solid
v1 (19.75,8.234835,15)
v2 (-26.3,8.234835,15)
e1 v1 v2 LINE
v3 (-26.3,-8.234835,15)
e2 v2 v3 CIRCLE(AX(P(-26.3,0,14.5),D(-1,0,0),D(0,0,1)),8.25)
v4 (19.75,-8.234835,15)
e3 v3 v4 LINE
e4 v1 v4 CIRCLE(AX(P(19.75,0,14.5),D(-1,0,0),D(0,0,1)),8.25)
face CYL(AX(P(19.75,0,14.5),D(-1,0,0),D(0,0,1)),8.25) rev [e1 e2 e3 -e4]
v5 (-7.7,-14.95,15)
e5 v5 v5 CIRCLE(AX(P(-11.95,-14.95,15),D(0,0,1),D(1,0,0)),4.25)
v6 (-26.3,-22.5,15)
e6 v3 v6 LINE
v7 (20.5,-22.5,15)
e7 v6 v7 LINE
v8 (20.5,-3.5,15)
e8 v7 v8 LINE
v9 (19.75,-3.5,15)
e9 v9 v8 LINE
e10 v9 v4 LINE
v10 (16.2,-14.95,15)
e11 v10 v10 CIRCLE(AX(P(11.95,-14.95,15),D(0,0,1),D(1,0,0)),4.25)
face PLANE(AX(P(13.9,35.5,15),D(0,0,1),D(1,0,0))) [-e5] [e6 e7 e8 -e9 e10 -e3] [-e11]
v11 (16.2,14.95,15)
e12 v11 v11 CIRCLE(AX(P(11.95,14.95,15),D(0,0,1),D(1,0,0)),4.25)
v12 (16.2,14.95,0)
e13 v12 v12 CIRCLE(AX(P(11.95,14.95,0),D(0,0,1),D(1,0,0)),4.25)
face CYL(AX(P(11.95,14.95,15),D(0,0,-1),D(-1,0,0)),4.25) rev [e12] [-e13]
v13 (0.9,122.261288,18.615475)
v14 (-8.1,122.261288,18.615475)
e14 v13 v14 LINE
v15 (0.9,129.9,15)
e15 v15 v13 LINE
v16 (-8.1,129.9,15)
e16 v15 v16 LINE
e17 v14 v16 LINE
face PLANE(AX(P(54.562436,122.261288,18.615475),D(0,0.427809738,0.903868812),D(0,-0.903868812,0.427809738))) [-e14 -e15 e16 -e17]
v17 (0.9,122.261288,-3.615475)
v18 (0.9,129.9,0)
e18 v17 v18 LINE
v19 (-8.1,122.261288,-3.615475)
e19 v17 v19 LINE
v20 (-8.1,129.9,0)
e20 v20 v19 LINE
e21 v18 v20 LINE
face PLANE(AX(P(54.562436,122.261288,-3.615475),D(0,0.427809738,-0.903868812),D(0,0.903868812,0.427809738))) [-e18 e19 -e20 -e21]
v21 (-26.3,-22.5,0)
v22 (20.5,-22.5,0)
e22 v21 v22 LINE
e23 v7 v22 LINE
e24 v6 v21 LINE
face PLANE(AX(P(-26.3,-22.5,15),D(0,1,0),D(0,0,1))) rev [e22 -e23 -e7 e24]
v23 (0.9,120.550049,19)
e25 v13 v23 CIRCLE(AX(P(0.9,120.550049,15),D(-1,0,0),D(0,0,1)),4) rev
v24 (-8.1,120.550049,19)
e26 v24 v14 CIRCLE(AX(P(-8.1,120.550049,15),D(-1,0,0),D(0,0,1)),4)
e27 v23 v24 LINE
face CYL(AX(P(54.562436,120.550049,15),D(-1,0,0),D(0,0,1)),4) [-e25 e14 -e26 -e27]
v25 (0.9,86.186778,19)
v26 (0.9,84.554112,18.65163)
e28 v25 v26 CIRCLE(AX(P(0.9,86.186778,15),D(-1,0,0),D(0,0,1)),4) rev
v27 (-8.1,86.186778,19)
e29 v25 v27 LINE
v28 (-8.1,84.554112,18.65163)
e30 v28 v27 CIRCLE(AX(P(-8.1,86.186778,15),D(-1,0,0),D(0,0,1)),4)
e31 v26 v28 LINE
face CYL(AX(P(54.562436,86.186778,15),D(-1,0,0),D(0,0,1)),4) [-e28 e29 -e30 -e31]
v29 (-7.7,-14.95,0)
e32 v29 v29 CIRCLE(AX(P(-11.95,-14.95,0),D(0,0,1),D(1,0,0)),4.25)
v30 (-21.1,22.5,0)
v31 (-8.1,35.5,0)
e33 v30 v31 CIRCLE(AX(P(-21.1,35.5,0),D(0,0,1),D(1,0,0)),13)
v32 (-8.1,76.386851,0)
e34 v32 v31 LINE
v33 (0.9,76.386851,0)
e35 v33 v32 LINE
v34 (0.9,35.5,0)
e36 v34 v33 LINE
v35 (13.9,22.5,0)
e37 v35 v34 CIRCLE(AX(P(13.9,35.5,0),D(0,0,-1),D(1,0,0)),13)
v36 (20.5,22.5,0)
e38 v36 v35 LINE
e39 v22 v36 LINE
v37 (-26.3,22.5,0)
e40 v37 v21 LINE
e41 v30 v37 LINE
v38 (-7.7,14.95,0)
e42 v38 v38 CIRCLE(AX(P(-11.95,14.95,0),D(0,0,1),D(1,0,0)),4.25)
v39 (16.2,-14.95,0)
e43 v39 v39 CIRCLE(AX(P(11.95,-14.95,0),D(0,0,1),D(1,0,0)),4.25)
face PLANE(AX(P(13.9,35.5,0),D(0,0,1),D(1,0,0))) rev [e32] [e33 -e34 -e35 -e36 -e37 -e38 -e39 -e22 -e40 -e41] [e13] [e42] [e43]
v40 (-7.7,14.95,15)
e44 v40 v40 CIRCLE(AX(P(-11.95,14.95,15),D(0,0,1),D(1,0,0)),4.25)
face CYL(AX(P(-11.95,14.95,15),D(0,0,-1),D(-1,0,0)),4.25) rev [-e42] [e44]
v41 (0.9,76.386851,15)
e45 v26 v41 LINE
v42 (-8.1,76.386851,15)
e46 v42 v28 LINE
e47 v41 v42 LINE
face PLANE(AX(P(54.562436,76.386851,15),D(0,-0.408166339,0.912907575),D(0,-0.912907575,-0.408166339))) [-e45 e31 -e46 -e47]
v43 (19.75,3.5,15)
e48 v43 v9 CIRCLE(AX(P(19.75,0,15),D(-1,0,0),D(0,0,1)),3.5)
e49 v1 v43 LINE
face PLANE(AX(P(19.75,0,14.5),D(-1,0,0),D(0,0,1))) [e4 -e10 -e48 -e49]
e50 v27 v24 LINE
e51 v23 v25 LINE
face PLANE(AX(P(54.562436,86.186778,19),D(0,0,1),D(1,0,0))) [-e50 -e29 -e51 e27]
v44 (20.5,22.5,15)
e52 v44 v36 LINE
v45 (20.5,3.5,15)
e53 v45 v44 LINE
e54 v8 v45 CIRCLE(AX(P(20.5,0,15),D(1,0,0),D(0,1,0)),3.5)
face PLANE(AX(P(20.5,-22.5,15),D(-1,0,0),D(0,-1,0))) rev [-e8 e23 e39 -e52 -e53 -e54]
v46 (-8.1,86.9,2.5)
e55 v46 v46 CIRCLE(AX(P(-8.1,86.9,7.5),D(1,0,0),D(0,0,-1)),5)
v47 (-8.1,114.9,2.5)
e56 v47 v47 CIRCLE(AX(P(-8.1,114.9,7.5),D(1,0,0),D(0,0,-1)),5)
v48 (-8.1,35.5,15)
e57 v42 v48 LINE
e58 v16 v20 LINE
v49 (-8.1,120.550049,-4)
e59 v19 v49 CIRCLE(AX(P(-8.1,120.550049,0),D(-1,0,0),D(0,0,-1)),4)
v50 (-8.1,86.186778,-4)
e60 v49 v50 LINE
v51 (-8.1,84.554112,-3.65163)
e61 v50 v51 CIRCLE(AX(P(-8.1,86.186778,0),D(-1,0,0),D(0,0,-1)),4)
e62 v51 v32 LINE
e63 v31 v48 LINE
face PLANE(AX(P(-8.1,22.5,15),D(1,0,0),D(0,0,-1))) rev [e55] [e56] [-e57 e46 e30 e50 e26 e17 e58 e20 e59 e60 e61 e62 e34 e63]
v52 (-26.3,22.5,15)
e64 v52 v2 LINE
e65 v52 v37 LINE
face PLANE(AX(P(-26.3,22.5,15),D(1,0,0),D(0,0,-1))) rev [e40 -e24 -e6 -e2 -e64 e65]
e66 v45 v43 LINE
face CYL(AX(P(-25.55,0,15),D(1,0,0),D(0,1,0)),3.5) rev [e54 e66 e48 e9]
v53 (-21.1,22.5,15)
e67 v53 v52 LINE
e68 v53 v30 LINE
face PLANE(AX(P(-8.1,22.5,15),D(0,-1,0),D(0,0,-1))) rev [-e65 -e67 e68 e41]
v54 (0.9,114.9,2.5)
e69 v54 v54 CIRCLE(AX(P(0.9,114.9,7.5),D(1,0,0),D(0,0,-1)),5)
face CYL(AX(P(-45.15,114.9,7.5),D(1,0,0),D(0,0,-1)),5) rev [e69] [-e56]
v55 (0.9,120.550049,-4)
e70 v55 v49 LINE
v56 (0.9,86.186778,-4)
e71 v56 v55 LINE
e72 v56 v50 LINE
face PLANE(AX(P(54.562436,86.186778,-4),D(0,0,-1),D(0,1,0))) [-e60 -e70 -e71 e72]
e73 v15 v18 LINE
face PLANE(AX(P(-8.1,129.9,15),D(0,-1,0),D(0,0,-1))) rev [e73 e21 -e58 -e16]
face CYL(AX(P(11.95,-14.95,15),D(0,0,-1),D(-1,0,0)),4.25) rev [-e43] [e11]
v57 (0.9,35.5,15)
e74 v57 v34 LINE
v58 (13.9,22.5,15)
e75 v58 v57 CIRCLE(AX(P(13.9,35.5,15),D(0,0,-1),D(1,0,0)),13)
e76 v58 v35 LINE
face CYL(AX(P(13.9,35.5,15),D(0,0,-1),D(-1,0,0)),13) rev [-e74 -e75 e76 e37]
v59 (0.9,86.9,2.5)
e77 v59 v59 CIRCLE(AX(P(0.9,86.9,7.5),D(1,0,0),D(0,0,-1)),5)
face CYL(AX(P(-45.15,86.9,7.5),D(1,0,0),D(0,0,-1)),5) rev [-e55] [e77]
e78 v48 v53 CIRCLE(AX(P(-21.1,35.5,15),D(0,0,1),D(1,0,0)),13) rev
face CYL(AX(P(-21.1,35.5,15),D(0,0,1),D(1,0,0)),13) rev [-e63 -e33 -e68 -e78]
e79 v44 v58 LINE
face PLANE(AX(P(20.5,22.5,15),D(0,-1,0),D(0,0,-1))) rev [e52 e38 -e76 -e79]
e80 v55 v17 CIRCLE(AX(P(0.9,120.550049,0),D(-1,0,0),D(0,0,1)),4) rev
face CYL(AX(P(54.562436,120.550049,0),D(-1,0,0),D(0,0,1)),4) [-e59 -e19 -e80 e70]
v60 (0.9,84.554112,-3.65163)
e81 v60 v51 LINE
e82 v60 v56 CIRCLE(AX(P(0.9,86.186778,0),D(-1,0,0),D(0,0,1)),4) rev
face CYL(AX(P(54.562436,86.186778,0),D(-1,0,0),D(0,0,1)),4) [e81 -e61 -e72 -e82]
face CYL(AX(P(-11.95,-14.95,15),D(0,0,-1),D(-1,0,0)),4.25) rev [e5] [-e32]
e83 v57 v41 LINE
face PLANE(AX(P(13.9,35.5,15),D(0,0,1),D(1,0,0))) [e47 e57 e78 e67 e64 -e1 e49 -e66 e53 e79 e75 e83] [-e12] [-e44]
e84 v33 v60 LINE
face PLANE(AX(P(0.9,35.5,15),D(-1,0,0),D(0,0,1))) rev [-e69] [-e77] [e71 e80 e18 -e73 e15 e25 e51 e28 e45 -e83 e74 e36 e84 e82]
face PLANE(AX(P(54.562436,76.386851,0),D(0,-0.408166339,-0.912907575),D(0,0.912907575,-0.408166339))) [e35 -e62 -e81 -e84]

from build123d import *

# Parameters (mm, degrees)
SKETCH1_R           = 4.25
BOSS_EXTRUDE1_DEPTH = 15
SKETCH3_R           = 8.25
CUT_EXTRUDE1_DEPTH  = 46.05
SKETCH4_R           = 5
CUT_EXTRUDE3_DEPTH  = 46.05
SKETCH5_R           = 3.5
CUT_EXTRUDE4_DEPTH  = 46.05
BOSS_EXTRUDE2_DEPTH = 9
FILLET1_R           = 13


with BuildPart() as part:
    # Sketch1 → Boss-Extrude1 (new body)
    with BuildSketch(Plane.XY):
        with BuildLine():
            Line((-8.1, 22.5), (-8.1, 129.9))
            Line((-8.1, 129.9), (0.9, 129.9))
            Line((0.9, 129.9), (0.9, 35.5))
            ThreePointArc((0.9, 35.5), (4.707611845, 26.307611845), (13.9, 22.5))
            Line((13.9, 22.5), (20.5, 22.5))
            Line((20.5, 22.5), (20.5, -22.5))
            Line((20.5, -22.5), (-26.3, -22.5))
            Line((-26.3, -22.5), (-26.3, 22.5))
            Line((-26.3, 22.5), (-8.1, 22.5))
        make_face()
        with Locations((-11.95, -14.95)):
            Circle(SKETCH1_R, mode=Mode.SUBTRACT)
        with Locations((11.95, -14.95)):
            Circle(SKETCH1_R, mode=Mode.SUBTRACT)
        with Locations((11.95, 14.95)):
            Circle(SKETCH1_R, mode=Mode.SUBTRACT)
        with Locations((-11.95, 14.95)):
            Circle(SKETCH1_R, mode=Mode.SUBTRACT)
    extrude(amount=BOSS_EXTRUDE1_DEPTH)

    # Sketch3 → Cut-Extrude1 (cut)
    with BuildSketch(Plane.ZY.offset(26.3)):
        with Locations((14.5, 0)):
            Circle(SKETCH3_R)
    extrude(amount=-CUT_EXTRUDE1_DEPTH, mode=Mode.SUBTRACT)

    # Sketch4 → Cut-Extrude3 (cut)
    with BuildSketch(Plane(origin=(0.9, 0, 0), x_dir=(0, 0, -1), z_dir=(1, 0, 0))):
        with Locations((-7.5, 86.9)):
            Circle(SKETCH4_R)
        with Locations((-7.5, 114.9)):
            Circle(SKETCH4_R)
    extrude(amount=-CUT_EXTRUDE3_DEPTH, mode=Mode.SUBTRACT)

    # Sketch5 → Cut-Extrude4 (cut)
    with BuildSketch(Plane(origin=(20.5, 0, 0), x_dir=(0, 0, -1), z_dir=(1, 0, 0))):
        with Locations((-15, 0)):
            Circle(SKETCH5_R)
    extrude(amount=-CUT_EXTRUDE4_DEPTH, mode=Mode.SUBTRACT)

    # Sketch6 → Boss-Extrude2 (add)
    with BuildSketch(Plane.ZY.offset(8.1)):
        with BuildLine():
            Line((15, 76.386851455), (18.651630299, 84.554112306))
            ThreePointArc((18.651630299, 84.554112306), (18.911938215, 85.352068488), (19, 86.186777661))
            Line((19, 86.186777661), (19, 120.550049196))
            ThreePointArc((19, 120.550049196), (18.902685036, 121.427003874), (18.615475246, 122.261288146))
            Line((18.615475246, 122.261288146), (15, 129.9))
            Line((15, 129.9), (15, 76.386851455))
        make_face()
        with BuildLine():
            Line((-3.615475246, 122.261288146), (0, 129.9))
            Line((0, 129.9), (0, 76.386851455))
            Line((0, 76.386851455), (-3.651630299, 84.554112306))
            ThreePointArc((-3.651630299, 84.554112306), (-3.911938215, 85.352068488), (-4, 86.186777661))
            Line((-4, 86.186777661), (-4, 120.550049196))
            ThreePointArc((-4, 120.550049196), (-3.902685036, 121.427003874), (-3.615475246, 122.261288146))
        make_face()
    extrude(amount=-BOSS_EXTRUDE2_DEPTH)

    # Fillet1
    fillet1_edges = [part.edges().sort_by_distance(p)[0] for p in [
        (-8.1, 22.5, 7.5),
    ]]
    fillet(fillet1_edges, radius=FILLET1_R)


solid = part.part
